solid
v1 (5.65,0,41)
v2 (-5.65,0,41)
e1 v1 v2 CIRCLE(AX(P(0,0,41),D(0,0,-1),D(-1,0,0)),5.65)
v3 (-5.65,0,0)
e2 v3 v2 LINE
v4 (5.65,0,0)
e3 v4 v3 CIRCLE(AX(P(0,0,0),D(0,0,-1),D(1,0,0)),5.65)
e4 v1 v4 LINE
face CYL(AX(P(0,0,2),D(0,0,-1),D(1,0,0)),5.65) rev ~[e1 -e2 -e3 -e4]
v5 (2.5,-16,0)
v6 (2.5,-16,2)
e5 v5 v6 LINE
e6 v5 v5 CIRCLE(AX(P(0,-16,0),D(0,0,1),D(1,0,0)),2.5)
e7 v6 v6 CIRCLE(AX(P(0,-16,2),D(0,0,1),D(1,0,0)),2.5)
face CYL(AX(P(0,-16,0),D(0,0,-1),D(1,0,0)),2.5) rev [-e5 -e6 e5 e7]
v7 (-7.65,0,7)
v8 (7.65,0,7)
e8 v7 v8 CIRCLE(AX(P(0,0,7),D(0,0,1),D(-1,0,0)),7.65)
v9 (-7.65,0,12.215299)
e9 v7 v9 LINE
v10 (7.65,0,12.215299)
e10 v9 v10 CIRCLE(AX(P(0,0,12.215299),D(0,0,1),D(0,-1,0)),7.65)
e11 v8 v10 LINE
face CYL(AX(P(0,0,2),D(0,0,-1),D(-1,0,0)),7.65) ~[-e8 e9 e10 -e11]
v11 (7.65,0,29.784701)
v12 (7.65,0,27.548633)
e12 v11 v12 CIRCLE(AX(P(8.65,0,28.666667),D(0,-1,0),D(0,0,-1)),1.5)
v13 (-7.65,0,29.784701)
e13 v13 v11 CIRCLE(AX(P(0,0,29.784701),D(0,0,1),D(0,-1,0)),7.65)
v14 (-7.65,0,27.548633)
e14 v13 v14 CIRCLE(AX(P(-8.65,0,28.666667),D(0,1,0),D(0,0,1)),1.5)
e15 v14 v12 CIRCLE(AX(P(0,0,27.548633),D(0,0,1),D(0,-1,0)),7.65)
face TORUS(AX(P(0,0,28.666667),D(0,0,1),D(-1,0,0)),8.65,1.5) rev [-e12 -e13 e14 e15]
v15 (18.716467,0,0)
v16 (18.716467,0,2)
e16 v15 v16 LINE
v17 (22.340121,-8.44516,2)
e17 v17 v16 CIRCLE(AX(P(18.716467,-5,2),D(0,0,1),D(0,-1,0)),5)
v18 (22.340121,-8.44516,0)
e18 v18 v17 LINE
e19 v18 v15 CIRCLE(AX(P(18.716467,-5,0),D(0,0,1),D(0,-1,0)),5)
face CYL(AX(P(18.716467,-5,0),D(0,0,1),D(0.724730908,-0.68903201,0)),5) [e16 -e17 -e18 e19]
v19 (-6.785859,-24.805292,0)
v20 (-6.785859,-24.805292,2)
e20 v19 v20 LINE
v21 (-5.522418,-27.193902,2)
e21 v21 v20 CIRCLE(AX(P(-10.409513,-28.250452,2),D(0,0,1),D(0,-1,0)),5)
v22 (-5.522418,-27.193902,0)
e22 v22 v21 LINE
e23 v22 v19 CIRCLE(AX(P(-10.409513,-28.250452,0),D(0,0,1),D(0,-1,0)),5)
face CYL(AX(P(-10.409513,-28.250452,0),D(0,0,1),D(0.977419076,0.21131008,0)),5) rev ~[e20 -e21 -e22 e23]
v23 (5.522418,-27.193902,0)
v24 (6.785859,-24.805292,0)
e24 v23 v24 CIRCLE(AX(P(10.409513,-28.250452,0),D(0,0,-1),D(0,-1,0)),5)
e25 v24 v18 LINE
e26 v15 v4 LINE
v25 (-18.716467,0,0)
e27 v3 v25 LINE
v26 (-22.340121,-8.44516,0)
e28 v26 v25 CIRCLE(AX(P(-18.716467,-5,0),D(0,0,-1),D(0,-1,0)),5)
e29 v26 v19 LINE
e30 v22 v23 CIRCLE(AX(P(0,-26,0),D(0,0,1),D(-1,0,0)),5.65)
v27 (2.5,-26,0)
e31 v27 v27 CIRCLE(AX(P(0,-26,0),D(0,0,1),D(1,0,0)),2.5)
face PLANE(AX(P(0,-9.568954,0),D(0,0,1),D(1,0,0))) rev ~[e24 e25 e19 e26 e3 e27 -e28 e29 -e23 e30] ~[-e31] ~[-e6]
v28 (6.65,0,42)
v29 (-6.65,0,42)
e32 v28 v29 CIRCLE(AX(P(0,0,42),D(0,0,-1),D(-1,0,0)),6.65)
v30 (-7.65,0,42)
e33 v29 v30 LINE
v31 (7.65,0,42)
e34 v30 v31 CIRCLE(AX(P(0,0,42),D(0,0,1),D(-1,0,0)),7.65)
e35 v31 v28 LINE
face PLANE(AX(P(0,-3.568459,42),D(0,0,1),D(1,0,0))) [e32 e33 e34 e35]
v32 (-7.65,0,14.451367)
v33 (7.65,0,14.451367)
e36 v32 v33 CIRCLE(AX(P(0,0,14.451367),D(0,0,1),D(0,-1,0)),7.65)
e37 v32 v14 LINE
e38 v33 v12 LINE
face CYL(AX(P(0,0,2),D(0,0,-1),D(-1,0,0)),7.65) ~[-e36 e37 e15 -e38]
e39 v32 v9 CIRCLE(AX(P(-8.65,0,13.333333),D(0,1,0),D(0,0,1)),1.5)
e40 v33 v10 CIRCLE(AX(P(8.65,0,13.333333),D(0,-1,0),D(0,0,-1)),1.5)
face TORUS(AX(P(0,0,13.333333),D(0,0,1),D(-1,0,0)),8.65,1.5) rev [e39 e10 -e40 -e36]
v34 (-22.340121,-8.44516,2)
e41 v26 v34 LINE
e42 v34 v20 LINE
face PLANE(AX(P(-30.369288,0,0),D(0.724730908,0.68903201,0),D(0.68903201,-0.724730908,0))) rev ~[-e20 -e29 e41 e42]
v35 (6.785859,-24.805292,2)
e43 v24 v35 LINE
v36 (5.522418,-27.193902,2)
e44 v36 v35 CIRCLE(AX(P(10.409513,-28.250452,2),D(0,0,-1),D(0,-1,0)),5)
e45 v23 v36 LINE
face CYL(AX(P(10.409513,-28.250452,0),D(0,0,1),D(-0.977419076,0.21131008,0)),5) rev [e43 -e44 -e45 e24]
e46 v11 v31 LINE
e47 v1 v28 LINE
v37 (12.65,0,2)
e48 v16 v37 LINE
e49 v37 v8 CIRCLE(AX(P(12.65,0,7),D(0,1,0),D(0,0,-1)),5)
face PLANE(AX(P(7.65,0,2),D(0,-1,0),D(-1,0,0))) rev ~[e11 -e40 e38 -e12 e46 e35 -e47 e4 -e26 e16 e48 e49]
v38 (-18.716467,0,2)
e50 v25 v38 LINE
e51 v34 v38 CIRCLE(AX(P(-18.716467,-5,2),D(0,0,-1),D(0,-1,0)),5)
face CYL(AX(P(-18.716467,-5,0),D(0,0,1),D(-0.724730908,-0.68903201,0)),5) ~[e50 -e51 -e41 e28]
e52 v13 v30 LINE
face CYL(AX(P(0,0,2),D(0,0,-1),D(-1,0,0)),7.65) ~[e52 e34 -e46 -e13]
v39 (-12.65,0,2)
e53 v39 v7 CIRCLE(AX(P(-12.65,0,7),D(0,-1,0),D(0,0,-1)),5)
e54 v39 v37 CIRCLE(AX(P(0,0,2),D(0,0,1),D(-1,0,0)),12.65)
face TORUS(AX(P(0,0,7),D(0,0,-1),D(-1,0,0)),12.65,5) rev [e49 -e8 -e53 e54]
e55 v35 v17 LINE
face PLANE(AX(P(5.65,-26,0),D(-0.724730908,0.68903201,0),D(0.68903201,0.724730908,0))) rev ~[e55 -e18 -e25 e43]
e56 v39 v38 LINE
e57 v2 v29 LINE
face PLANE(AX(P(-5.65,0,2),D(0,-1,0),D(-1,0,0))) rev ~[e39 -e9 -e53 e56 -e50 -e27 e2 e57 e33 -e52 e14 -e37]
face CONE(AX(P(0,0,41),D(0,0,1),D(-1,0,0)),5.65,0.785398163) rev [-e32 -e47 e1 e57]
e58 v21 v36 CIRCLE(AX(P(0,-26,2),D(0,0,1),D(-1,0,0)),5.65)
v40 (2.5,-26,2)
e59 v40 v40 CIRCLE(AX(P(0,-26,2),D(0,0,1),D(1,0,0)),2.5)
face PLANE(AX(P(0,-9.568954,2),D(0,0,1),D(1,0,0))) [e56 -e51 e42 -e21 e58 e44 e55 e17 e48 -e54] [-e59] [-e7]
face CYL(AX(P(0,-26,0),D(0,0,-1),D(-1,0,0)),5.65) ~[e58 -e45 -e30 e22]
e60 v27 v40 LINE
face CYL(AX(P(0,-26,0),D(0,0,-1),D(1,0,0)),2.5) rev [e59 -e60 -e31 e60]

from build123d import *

# Parameters (mm, degrees)
F2_R     = 2.5
F3_DEPTH = 2
F5_DEPTH = 40
F6_R     = 5


with BuildPart() as f3:
    # F2 (on Top) → F3 (new body)
    with BuildSketch(Plane.XY):
        with BuildLine():
            ThreePointArc((5.65, 0), (0, -5.65), (-5.65, 0))
            Line((-5.65, 0), (-30.3692883162, 0))
            Line((-30.3692883162, 0), (-5.65, -26))
            ThreePointArc((-5.65, -26), (0, -31.65), (5.65, -26))
            Line((5.65, -26), (30.3692883162, 0))
            Line((30.3692883162, 0), (5.65, 0))
        make_face()
        with Locations((0, -26)):
            Circle(F2_R, mode=Mode.SUBTRACT)
        with Locations((0, -16)):
            Circle(F2_R, mode=Mode.SUBTRACT)
    extrude(amount=F3_DEPTH)

    # F4 (on face) → F5 (join)
    with BuildSketch(Plane.XY.offset(2)):
        with BuildLine():
            ThreePointArc((5.65, 0), (0, -5.65), (-5.65, 0))
            Line((-5.65, 0), (-7.65, 0))
            ThreePointArc((-7.65, 0), (0, -7.65), (7.65, 0))
            Line((7.65, 0), (5.65, 0))
        make_face()
    extrude(amount=F5_DEPTH)

    # F6
    f6_edges = [f3.edges().sort_by_distance(p)[0] for p in [
        (0, -7.65, 2),
        (-30.369288, 0, 1),
        (-5.65, -26, 1),
        (5.65, -26, 1),
        (30.369288, 0, 1),
    ]]
    fillet(f6_edges, radius=F6_R)

    # F7 (on face) → F8 (revolve, cut)
    with BuildSketch(Plane(origin=(0, 0, 0), x_dir=(-1, 0, 0), z_dir=(0, 1, 0))):
        with BuildLine():
            ThreePointArc((8.65, 14.8333333333), (7.15, 13.3333333333), (8.65, 11.8333333333))
            Line((8.65, 11.8333333333), (8.65, 14.8333333333))
        make_face()
        with BuildLine():
            ThreePointArc((8.65, 30.1666666667), (7.15, 28.6666666667), (8.65, 27.1666666667))
            Line((8.65, 27.1666666667), (8.65, 30.1666666667))
        make_face()
        Polygon((5.65, 41), (6.65, 42), (5.65, 42), align=None)
    revolve(axis=Axis((0, 0, 10.5), (0, 0, -1)), mode=Mode.SUBTRACT)


solid = f3.part
